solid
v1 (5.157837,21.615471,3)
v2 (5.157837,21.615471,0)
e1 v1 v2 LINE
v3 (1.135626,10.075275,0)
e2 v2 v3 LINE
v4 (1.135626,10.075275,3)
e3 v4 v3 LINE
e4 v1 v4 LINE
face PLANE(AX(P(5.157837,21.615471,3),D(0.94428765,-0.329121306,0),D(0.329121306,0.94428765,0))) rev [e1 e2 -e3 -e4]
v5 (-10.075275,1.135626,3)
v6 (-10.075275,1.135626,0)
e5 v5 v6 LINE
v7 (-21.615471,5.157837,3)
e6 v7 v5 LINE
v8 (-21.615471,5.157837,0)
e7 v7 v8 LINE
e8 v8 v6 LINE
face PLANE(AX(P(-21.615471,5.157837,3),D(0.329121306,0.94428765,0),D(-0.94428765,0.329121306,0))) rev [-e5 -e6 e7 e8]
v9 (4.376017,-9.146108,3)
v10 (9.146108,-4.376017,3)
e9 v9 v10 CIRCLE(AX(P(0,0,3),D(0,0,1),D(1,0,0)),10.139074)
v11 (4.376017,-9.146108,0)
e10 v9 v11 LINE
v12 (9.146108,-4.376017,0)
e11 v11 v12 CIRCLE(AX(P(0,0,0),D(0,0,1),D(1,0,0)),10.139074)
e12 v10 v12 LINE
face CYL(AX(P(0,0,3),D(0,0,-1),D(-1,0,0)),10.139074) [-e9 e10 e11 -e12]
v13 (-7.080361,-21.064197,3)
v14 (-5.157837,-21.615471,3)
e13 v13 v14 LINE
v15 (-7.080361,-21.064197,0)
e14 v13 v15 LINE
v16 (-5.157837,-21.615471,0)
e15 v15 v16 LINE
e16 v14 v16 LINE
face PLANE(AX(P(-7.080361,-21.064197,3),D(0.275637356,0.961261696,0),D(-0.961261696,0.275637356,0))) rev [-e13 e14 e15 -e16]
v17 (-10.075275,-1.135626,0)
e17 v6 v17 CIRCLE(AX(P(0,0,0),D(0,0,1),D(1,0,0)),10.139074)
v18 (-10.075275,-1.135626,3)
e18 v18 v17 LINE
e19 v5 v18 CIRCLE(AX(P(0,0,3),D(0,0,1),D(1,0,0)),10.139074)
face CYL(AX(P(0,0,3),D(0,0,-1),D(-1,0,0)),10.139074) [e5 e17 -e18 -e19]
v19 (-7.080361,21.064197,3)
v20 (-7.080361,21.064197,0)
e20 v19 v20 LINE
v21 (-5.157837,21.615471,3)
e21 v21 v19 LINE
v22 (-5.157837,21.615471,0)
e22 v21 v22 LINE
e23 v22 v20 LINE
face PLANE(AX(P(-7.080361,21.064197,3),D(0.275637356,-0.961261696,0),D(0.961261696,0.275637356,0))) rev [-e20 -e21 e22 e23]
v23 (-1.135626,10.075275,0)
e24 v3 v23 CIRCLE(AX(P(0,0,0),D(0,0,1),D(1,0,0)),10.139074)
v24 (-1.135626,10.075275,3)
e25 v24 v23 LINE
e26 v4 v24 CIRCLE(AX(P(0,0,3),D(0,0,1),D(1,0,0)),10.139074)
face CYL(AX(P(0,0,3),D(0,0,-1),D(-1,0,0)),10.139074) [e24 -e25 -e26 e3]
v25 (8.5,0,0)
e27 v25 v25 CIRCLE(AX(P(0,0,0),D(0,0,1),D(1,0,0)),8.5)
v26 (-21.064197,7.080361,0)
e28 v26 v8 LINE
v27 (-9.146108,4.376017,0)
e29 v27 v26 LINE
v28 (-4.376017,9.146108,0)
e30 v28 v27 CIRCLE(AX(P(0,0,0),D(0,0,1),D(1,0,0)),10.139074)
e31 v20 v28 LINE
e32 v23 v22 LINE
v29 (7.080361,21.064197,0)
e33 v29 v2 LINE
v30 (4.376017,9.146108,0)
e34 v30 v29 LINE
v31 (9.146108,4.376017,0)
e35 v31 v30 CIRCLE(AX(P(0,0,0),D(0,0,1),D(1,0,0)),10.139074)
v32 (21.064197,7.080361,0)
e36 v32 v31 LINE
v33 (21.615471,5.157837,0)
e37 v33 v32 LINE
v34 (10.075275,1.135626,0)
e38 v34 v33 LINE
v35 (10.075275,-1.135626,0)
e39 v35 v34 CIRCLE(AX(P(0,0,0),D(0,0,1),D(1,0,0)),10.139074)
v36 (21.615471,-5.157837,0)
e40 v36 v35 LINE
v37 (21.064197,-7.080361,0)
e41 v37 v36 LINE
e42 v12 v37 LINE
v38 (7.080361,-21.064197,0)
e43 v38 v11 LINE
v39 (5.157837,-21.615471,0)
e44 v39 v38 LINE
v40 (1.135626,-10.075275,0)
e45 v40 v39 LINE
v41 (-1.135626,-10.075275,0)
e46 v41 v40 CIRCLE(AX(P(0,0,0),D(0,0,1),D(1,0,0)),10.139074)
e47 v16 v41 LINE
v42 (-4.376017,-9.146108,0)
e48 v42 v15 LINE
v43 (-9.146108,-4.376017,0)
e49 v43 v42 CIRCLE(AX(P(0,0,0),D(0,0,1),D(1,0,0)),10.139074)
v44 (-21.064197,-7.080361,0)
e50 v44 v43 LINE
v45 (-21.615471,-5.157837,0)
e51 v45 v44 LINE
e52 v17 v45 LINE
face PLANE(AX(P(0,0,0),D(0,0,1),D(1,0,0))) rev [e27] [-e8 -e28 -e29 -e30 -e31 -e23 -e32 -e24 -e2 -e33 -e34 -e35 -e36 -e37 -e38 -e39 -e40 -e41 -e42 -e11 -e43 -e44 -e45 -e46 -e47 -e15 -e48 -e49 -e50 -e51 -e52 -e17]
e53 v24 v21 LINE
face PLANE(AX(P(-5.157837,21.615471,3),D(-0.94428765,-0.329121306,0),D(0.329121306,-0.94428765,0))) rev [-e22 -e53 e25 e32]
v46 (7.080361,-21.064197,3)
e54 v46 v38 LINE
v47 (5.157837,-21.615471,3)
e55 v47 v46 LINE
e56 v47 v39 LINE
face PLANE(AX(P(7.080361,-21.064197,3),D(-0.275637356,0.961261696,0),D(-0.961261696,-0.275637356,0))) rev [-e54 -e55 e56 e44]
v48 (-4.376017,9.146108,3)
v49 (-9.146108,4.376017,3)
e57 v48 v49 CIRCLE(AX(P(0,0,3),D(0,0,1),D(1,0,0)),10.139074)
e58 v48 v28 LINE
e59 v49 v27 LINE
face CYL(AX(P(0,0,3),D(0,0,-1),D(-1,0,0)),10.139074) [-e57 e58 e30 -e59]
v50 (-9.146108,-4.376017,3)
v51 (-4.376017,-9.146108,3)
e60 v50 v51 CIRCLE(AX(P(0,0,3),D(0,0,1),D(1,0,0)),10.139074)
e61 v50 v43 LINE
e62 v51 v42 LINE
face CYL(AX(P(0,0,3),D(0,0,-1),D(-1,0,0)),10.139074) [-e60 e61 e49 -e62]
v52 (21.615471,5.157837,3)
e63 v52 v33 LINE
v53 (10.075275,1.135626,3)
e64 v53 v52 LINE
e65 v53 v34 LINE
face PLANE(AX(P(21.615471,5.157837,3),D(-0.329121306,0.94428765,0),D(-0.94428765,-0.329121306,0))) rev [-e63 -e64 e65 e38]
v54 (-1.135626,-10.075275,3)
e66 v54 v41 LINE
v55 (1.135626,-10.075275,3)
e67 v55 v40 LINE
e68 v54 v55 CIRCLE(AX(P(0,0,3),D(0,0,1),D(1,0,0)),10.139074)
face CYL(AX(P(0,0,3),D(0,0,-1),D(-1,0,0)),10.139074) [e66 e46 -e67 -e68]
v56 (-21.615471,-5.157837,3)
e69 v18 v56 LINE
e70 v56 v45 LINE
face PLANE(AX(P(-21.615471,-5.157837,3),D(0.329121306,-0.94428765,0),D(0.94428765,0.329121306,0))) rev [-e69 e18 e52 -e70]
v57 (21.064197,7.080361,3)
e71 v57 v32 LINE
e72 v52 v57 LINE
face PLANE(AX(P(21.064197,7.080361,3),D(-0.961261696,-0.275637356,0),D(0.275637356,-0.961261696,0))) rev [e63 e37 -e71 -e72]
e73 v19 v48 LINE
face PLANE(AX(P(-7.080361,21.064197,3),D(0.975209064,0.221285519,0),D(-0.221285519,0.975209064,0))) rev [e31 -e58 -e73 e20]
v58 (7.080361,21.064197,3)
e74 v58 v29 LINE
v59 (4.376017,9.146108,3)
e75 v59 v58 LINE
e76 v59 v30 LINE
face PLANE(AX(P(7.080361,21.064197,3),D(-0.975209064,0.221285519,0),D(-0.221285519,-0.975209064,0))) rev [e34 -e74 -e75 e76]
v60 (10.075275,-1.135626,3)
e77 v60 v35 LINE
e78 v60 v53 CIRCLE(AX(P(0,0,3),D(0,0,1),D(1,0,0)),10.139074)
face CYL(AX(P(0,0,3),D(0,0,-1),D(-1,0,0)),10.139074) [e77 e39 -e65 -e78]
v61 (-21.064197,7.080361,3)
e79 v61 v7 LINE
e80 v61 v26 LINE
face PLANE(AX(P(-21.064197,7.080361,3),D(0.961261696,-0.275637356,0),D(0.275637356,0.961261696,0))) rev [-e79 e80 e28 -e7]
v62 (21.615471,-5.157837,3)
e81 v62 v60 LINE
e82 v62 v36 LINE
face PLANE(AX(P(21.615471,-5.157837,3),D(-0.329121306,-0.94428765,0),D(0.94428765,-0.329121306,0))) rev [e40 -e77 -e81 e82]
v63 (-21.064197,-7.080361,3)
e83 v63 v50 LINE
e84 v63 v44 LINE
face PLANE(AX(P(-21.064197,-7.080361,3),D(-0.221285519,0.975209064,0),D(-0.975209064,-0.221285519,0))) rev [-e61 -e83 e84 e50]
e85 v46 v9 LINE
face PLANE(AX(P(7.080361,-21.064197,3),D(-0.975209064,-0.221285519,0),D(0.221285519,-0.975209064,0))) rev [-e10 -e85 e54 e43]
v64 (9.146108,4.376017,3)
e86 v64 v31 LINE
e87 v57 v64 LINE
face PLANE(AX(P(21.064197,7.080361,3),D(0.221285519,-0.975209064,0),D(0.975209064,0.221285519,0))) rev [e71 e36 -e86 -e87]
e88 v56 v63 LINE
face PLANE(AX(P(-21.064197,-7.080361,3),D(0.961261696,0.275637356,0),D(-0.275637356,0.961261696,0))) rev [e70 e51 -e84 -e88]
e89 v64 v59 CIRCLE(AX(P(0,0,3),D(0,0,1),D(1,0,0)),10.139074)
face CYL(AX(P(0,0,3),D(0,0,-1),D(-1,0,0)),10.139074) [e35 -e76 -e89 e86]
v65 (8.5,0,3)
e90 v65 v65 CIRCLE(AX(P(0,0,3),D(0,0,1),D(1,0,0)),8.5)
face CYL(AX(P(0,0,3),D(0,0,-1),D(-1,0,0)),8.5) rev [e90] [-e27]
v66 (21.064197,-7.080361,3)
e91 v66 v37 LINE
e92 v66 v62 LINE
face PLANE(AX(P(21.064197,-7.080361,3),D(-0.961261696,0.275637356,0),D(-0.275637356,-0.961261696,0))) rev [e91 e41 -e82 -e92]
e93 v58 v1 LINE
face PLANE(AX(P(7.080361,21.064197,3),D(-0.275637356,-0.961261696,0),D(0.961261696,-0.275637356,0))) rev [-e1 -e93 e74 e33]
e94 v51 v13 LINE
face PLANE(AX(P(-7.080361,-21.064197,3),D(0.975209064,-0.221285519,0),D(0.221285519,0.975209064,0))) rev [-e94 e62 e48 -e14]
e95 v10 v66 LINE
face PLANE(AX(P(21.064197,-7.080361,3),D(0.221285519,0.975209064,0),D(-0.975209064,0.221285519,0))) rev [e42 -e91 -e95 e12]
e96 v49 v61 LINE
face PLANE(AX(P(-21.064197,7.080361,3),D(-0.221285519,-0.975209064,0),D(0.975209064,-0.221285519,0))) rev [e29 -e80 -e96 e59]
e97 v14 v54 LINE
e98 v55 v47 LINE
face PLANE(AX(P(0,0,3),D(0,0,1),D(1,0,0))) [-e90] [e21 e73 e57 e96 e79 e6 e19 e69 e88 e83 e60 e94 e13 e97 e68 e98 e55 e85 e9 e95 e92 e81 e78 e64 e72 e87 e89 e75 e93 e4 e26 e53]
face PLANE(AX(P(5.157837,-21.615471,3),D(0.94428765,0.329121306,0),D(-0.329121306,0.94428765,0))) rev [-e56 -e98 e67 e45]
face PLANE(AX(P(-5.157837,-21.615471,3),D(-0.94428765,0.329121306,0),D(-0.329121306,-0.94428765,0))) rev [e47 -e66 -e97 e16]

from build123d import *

# Parameters (mm, degrees)
SKETCH_1_R      = 8.5
EXTRUDE_1_DEPTH = 3


with BuildPart() as part:
    # 草图1 → 凸台-拉伸1 (new body)
    with BuildSketch(Plane.XY):
        with BuildLine():
            Line((21.064196615, 7.08036062), (9.146107852, 4.376016947))
            ThreePointArc((9.146107852, 4.376016947), (7.169407686, 7.169407686), (4.376016947, 9.146107852))
            Line((4.376016947, 9.146107852), (7.08036062, 21.064196615))
            Line((7.08036062, 21.064196615), (5.157837228, 21.615471327))
            Line((5.157837228, 21.615471327), (1.135625903, 10.075275031))
            ThreePointArc((1.135625903, 10.075275031), (0, 10.139073584), (-1.135625903, 10.075275031))
            Line((-1.135625903, 10.075275031), (-5.157837228, 21.615471327))
            Line((-5.157837228, 21.615471327), (-7.08036062, 21.064196615))
            Line((-7.08036062, 21.064196615), (-4.376016947, 9.146107852))
            ThreePointArc((-4.376016947, 9.146107852), (-7.169407686, 7.169407686), (-9.146107852, 4.376016947))
            Line((-9.146107852, 4.376016947), (-21.064196615, 7.08036062))
            Line((-21.064196615, 7.08036062), (-21.615471327, 5.157837228))
            Line((-21.615471327, 5.157837228), (-10.075275031, 1.135625903))
            ThreePointArc((-10.075275031, 1.135625903), (-10.139073584, 0), (-10.075275031, -1.135625903))
            Line((-10.075275031, -1.135625903), (-21.615471327, -5.157837228))
            Line((-21.615471327, -5.157837228), (-21.064196615, -7.08036062))
            Line((-21.064196615, -7.08036062), (-9.146107852, -4.376016947))
            ThreePointArc((-9.146107852, -4.376016947), (-7.169407686, -7.169407686), (-4.376016947, -9.146107852))
            Line((-4.376016947, -9.146107852), (-7.08036062, -21.064196615))
            Line((-7.08036062, -21.064196615), (-5.157837228, -21.615471327))
            Line((-5.157837228, -21.615471327), (-1.135625903, -10.075275031))
            ThreePointArc((-1.135625903, -10.075275031), (0, -10.139073584), (1.135625903, -10.075275031))
            Line((1.135625903, -10.075275031), (5.157837228, -21.615471327))
            Line((5.157837228, -21.615471327), (7.08036062, -21.064196615))
            Line((7.08036062, -21.064196615), (4.376016947, -9.146107852))
            ThreePointArc((4.376016947, -9.146107852), (7.169407686, -7.169407686), (9.146107852, -4.376016947))
            Line((9.146107852, -4.376016947), (21.064196615, -7.08036062))
            Line((21.064196615, -7.08036062), (21.615471327, -5.157837228))
            Line((21.615471327, -5.157837228), (10.075275031, -1.135625903))
            ThreePointArc((10.075275031, -1.135625903), (10.139073584, 0), (10.075275031, 1.135625903))
            Line((10.075275031, 1.135625903), (21.615471327, 5.157837228))
            Line((21.615471327, 5.157837228), (21.064196615, 7.08036062))
        make_face()
        Circle(SKETCH_1_R, mode=Mode.SUBTRACT)
    extrude(amount=EXTRUDE_1_DEPTH)


solid = part.part
